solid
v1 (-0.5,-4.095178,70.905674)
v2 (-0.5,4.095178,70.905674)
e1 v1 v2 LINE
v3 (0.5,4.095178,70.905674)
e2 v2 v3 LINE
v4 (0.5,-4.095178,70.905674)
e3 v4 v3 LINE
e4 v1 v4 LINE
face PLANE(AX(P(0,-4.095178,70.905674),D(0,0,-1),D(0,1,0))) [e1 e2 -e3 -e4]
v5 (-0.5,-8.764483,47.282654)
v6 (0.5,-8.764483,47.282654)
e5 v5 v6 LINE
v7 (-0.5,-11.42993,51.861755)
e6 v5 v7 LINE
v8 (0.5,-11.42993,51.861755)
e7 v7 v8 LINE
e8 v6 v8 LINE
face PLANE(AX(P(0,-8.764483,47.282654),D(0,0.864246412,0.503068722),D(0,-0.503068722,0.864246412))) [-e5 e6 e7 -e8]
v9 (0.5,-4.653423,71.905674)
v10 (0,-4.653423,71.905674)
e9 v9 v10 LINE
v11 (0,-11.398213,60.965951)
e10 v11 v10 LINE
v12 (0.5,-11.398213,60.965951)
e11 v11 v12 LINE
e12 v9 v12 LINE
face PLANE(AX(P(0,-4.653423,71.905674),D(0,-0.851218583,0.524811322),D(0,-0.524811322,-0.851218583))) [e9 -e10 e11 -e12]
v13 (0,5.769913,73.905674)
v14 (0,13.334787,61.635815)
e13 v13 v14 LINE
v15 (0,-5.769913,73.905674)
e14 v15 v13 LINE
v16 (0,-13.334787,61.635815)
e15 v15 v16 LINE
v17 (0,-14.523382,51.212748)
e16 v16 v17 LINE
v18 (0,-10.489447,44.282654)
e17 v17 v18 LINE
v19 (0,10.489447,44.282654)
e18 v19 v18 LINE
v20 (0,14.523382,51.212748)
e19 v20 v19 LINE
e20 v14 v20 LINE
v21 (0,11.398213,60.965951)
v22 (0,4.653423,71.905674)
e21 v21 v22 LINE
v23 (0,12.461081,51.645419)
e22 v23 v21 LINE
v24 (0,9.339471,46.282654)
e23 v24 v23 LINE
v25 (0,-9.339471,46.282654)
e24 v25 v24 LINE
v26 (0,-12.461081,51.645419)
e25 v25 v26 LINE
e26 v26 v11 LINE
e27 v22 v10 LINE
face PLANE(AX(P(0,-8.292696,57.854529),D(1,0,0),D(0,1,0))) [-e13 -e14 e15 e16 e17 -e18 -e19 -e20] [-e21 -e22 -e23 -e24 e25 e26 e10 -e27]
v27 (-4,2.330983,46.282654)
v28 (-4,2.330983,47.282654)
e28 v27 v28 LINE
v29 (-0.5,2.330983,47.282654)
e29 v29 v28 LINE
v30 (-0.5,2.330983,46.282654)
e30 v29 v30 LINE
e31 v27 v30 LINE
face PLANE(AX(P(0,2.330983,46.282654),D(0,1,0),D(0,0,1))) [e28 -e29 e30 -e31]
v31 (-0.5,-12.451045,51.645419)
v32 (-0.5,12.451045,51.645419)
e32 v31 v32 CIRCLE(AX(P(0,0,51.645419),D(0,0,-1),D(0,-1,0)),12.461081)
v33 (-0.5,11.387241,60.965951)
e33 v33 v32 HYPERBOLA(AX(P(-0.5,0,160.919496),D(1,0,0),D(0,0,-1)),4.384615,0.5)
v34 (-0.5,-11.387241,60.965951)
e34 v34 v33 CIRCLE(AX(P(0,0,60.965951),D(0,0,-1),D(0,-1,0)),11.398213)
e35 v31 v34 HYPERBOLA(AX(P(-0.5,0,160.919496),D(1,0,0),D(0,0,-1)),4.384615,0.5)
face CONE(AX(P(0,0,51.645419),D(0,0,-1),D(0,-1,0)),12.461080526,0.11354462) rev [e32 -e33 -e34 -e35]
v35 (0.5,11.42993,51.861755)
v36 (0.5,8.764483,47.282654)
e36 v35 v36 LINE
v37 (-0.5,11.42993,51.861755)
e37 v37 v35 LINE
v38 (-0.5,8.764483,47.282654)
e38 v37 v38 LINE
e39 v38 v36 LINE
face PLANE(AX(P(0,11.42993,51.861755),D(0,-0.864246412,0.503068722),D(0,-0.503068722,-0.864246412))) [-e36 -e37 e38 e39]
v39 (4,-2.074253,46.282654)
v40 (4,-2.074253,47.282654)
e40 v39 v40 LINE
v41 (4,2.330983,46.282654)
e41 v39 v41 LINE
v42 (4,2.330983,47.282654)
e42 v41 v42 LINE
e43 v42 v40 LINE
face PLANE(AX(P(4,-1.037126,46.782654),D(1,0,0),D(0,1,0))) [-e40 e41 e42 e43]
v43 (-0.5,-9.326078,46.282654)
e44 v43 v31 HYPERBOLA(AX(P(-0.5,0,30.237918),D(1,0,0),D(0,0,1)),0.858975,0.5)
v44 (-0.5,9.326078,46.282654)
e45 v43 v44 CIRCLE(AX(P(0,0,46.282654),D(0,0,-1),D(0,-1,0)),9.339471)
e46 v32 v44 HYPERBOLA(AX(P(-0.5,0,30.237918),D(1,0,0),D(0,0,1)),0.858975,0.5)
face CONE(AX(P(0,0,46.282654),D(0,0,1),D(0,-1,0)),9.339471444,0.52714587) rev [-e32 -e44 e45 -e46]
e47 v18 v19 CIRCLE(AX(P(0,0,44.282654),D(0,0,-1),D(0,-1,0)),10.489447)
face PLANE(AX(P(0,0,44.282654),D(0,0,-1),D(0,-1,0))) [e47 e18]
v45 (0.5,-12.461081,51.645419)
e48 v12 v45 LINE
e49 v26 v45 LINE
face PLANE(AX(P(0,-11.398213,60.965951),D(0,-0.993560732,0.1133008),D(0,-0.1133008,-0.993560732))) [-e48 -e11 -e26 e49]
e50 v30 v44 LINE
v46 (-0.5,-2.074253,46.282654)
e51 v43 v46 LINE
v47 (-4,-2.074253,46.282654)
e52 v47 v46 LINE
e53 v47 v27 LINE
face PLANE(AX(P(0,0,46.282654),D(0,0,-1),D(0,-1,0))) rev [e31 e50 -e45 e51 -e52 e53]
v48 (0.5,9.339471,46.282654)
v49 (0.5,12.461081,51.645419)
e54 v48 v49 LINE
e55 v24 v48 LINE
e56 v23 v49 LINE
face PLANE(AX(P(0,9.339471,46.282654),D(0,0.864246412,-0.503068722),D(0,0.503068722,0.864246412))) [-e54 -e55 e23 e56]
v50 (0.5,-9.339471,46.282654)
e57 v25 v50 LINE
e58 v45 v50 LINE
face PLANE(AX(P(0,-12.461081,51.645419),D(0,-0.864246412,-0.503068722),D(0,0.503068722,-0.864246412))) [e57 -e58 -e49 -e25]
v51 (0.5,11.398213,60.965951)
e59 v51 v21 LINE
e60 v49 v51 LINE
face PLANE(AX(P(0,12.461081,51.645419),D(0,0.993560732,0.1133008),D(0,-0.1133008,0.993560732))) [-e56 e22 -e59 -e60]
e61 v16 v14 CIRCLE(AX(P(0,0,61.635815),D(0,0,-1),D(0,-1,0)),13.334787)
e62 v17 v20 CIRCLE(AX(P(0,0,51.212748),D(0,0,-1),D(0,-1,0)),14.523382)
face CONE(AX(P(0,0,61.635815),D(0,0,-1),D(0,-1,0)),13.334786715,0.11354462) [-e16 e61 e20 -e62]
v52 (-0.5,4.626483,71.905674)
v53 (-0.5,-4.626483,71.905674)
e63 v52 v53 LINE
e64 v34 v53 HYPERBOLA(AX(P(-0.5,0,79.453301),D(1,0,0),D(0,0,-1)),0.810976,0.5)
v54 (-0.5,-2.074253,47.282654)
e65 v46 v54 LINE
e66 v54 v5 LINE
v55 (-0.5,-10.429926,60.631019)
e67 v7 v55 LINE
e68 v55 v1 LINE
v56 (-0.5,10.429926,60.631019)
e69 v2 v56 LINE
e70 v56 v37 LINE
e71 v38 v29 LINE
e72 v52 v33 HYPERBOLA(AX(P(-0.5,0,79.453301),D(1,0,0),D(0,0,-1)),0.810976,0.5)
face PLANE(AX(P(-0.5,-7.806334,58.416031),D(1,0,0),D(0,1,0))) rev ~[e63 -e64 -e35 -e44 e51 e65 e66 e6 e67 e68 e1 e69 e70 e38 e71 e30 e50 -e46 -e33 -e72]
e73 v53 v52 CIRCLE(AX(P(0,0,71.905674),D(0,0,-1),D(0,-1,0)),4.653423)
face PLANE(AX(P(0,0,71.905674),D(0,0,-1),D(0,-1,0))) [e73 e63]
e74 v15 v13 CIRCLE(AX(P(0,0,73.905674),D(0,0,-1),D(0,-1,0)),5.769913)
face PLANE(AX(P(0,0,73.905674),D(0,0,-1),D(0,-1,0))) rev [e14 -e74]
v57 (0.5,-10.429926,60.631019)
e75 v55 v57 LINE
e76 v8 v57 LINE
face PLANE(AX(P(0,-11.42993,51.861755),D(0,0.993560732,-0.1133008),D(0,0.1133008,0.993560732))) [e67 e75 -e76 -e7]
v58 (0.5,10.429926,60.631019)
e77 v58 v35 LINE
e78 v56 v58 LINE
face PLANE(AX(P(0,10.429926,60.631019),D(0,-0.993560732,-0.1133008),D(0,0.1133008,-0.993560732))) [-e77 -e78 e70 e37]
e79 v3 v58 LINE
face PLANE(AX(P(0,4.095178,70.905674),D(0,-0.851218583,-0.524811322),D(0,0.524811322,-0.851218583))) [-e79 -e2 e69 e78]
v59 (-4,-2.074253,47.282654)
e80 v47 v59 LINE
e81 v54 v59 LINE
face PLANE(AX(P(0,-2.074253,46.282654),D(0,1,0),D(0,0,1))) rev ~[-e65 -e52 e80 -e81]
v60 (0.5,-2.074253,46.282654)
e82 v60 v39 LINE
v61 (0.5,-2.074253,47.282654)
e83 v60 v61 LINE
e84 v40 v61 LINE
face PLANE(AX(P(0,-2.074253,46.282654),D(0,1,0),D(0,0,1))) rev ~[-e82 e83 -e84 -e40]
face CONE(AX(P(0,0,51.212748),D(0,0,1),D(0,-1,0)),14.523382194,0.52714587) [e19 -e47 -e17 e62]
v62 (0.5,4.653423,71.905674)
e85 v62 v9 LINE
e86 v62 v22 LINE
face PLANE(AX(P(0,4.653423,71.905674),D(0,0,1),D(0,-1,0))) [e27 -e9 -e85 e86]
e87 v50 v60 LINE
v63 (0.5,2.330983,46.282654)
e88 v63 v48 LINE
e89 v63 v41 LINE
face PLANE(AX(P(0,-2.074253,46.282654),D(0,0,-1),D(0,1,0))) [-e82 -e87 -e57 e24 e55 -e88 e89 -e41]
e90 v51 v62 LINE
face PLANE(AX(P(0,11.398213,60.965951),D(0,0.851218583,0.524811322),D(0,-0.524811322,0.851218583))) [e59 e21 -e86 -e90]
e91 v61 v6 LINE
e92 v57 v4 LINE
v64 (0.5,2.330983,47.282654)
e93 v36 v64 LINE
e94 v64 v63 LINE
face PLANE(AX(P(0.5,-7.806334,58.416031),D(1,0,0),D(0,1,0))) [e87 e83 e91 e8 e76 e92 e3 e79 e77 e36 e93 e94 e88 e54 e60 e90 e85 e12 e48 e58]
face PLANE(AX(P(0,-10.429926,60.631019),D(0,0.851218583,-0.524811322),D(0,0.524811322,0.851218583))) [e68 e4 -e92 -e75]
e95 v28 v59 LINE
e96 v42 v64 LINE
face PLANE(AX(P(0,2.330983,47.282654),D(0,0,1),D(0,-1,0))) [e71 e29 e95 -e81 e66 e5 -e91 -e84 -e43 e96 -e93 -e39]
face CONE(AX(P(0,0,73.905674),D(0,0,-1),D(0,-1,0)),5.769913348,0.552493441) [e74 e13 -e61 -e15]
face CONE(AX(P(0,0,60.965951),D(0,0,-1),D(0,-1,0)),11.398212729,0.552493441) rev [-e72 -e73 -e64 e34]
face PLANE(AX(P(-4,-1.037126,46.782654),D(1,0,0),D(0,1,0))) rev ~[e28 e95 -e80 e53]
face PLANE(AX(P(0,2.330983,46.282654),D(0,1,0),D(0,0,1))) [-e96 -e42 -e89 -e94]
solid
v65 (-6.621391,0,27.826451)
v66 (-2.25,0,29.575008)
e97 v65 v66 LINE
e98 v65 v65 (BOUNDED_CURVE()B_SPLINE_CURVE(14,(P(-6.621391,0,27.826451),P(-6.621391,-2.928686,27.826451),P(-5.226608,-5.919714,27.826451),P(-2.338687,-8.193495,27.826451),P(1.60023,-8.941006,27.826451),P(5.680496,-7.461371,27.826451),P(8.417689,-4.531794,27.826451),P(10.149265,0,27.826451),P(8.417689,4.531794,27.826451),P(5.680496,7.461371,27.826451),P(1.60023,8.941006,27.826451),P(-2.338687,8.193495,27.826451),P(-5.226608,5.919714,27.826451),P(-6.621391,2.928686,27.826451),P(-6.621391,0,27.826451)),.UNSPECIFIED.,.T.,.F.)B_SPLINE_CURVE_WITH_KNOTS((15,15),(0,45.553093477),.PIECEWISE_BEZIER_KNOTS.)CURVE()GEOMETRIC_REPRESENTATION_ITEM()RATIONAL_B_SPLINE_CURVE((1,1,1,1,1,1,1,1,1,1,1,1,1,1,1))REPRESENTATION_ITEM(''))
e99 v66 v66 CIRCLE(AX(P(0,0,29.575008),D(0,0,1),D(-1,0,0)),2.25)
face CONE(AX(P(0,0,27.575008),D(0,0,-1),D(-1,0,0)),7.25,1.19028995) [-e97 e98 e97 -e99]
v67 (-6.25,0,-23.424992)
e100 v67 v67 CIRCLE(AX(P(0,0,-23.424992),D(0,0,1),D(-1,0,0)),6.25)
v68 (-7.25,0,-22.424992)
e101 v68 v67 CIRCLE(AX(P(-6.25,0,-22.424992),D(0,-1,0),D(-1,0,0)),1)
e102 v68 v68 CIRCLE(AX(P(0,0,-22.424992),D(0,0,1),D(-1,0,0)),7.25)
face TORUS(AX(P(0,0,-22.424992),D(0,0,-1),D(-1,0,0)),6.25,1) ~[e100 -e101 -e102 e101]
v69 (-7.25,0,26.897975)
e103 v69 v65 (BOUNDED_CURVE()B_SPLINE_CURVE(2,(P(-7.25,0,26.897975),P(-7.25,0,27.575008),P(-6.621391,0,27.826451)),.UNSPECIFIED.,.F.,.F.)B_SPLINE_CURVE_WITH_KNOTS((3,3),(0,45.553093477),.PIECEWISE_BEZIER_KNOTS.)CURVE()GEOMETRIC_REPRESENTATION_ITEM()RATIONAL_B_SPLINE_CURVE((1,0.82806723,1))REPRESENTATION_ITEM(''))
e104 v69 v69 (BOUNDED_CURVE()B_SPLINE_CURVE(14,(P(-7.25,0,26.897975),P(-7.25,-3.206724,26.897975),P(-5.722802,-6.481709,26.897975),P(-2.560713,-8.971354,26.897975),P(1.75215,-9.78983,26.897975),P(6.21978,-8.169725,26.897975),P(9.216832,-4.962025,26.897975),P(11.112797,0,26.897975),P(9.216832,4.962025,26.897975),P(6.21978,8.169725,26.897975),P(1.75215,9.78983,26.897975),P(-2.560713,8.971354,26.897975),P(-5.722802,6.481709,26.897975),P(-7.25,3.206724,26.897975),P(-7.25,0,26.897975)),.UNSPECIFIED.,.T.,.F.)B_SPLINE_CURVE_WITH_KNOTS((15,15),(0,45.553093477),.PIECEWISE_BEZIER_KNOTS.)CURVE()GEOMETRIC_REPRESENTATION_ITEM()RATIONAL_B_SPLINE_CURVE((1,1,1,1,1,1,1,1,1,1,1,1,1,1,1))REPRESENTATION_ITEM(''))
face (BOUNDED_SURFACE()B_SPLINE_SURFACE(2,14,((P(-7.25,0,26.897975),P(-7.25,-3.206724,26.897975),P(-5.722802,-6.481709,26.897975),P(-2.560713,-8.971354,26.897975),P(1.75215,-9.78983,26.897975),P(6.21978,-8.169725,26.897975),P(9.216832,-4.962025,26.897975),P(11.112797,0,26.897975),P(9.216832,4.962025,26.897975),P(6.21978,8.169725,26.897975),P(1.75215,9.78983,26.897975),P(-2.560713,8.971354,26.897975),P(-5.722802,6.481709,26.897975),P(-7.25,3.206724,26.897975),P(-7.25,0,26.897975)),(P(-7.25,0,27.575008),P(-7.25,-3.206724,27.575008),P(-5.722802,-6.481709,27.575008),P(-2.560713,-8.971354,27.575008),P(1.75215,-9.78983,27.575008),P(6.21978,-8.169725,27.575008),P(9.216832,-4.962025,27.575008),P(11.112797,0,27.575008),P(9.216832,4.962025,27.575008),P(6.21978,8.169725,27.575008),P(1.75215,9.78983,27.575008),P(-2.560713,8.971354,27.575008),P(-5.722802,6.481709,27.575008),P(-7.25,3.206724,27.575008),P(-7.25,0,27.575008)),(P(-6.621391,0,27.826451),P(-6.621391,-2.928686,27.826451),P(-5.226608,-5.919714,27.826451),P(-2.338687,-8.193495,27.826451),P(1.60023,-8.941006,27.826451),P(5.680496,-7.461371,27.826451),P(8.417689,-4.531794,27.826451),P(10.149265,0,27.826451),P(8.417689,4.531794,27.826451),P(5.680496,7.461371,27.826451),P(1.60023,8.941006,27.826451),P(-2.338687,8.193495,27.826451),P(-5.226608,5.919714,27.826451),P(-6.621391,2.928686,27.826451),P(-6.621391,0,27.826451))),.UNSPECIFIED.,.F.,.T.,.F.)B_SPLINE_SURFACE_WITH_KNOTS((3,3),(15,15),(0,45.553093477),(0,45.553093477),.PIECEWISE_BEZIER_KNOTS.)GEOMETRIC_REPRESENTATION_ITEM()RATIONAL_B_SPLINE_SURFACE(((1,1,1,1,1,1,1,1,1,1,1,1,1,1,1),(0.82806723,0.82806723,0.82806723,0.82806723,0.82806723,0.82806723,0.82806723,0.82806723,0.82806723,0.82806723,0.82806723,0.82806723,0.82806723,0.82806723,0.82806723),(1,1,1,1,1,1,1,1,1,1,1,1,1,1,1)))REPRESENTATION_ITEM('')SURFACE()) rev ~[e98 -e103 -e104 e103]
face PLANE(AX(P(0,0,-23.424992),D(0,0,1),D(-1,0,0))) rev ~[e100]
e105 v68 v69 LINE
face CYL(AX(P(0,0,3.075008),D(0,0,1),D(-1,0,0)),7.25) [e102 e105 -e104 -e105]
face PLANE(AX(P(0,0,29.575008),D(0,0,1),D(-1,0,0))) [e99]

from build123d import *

# Parameters (mm, degrees)
F0_W     = 7.25
F0_H     = 53
F2_SIZE2 = 5
F2_SIZE  = 2
F3_R     = 1
F5_ANGLE = 180
F6_DEPTH = 0.5
F4_W     = 2.0742525812
F4_H     = 1
F4_W_2   = 2.330982592
F7_DEPTH = 4


with BuildPart() as f1:
    # F0 (on Front) → F1 (revolve)
    with BuildSketch(Plane.XZ):
        with Locations((-3.625, 3.0750076622)):
            Rectangle(F0_W, F0_H)
    revolve(axis=Axis((0, 0, 3.0750076622), (0, 0, 1)))

    # F2
    f2_edges = [f1.edges().sort_by_distance(p)[0] for p in [
        (7.25, 0, 29.575008),
    ]]
    chamfer(f2_edges, length=F2_SIZE, length2=F2_SIZE2)

    # F3
    f3_edges = [f1.edges().sort_by_distance(p)[0] for p in [
        (7.25, 0, 24.575008),
        (7.25, 0, -23.424992),
    ]]
    fillet(f3_edges, radius=F3_R)


with BuildPart() as f5:
    # F4 (on Right) → F5 (revolve)
    with BuildSketch(Plane.YZ):
        Polygon((-4.6534229718, 71.9056739211), (0, 71.9056739211), (0, 73.9056739211), (-5.769913348, 73.9056739211), (-13.3347867152, 61.635815171), (-14.5233821943, 51.2127484873), (-10.4894473554, 44.2826541364), (0, 44.2826541364), (0, 46.2826541364), (-2.0742525812, 46.2826541364), (-9.3394714439, 46.2826541364), (-12.4610805258, 51.6454193589), (-11.3982127292, 60.9659511254), align=None)
    revolve(axis=Axis((0, 0, 72.9056739211), (0, 0, -1)), revolution_arc=F5_ANGLE)

    # F4 (on Right) → F6 (join, symmetric)
    with BuildSketch(Plane.YZ):
        Polygon((0, 70.9056739211), (0, 71.9056739211), (-4.6534229718, 71.9056739211), (-11.3982127292, 60.9659511254), (-12.4610805258, 51.6454193589), (-9.3394714439, 46.2826541364), (-2.0742525812, 46.2826541364), (-2.0742525812, 47.2826541364), (-8.7644834882, 47.2826541364), (-11.4299296915, 51.8617547947), (-10.4299257361, 60.6310191026), (-4.0951777837, 70.9056739211), align=None)
        Polygon((4.6534229718, 71.9056739211), (0, 71.9056739211), (0, 70.9056739211), (4.0951777837, 70.9056739211), (10.4299257361, 60.6310191026), (11.4299296915, 51.8617547947), (8.7644834882, 47.2826541364), (2.330982592, 47.2826541364), (2.330982592, 46.2826541364), (9.3394714439, 46.2826541364), (12.4610805258, 51.6454193589), (11.3982127292, 60.9659511254), align=None)
    extrude(amount=F6_DEPTH, both=True)

    # F4 (on Right) → F7 (join, symmetric)
    with BuildSketch(Plane.YZ):
        with Locations((-1.0371262906, 46.7826541364)):
            Rectangle(F4_W, F4_H)
        with Locations((1.165491296, 46.7826541364)):
            Rectangle(F4_W_2, F4_H)
    extrude(amount=F7_DEPTH, both=True)


solid = Compound([f1.part, f5.part])
